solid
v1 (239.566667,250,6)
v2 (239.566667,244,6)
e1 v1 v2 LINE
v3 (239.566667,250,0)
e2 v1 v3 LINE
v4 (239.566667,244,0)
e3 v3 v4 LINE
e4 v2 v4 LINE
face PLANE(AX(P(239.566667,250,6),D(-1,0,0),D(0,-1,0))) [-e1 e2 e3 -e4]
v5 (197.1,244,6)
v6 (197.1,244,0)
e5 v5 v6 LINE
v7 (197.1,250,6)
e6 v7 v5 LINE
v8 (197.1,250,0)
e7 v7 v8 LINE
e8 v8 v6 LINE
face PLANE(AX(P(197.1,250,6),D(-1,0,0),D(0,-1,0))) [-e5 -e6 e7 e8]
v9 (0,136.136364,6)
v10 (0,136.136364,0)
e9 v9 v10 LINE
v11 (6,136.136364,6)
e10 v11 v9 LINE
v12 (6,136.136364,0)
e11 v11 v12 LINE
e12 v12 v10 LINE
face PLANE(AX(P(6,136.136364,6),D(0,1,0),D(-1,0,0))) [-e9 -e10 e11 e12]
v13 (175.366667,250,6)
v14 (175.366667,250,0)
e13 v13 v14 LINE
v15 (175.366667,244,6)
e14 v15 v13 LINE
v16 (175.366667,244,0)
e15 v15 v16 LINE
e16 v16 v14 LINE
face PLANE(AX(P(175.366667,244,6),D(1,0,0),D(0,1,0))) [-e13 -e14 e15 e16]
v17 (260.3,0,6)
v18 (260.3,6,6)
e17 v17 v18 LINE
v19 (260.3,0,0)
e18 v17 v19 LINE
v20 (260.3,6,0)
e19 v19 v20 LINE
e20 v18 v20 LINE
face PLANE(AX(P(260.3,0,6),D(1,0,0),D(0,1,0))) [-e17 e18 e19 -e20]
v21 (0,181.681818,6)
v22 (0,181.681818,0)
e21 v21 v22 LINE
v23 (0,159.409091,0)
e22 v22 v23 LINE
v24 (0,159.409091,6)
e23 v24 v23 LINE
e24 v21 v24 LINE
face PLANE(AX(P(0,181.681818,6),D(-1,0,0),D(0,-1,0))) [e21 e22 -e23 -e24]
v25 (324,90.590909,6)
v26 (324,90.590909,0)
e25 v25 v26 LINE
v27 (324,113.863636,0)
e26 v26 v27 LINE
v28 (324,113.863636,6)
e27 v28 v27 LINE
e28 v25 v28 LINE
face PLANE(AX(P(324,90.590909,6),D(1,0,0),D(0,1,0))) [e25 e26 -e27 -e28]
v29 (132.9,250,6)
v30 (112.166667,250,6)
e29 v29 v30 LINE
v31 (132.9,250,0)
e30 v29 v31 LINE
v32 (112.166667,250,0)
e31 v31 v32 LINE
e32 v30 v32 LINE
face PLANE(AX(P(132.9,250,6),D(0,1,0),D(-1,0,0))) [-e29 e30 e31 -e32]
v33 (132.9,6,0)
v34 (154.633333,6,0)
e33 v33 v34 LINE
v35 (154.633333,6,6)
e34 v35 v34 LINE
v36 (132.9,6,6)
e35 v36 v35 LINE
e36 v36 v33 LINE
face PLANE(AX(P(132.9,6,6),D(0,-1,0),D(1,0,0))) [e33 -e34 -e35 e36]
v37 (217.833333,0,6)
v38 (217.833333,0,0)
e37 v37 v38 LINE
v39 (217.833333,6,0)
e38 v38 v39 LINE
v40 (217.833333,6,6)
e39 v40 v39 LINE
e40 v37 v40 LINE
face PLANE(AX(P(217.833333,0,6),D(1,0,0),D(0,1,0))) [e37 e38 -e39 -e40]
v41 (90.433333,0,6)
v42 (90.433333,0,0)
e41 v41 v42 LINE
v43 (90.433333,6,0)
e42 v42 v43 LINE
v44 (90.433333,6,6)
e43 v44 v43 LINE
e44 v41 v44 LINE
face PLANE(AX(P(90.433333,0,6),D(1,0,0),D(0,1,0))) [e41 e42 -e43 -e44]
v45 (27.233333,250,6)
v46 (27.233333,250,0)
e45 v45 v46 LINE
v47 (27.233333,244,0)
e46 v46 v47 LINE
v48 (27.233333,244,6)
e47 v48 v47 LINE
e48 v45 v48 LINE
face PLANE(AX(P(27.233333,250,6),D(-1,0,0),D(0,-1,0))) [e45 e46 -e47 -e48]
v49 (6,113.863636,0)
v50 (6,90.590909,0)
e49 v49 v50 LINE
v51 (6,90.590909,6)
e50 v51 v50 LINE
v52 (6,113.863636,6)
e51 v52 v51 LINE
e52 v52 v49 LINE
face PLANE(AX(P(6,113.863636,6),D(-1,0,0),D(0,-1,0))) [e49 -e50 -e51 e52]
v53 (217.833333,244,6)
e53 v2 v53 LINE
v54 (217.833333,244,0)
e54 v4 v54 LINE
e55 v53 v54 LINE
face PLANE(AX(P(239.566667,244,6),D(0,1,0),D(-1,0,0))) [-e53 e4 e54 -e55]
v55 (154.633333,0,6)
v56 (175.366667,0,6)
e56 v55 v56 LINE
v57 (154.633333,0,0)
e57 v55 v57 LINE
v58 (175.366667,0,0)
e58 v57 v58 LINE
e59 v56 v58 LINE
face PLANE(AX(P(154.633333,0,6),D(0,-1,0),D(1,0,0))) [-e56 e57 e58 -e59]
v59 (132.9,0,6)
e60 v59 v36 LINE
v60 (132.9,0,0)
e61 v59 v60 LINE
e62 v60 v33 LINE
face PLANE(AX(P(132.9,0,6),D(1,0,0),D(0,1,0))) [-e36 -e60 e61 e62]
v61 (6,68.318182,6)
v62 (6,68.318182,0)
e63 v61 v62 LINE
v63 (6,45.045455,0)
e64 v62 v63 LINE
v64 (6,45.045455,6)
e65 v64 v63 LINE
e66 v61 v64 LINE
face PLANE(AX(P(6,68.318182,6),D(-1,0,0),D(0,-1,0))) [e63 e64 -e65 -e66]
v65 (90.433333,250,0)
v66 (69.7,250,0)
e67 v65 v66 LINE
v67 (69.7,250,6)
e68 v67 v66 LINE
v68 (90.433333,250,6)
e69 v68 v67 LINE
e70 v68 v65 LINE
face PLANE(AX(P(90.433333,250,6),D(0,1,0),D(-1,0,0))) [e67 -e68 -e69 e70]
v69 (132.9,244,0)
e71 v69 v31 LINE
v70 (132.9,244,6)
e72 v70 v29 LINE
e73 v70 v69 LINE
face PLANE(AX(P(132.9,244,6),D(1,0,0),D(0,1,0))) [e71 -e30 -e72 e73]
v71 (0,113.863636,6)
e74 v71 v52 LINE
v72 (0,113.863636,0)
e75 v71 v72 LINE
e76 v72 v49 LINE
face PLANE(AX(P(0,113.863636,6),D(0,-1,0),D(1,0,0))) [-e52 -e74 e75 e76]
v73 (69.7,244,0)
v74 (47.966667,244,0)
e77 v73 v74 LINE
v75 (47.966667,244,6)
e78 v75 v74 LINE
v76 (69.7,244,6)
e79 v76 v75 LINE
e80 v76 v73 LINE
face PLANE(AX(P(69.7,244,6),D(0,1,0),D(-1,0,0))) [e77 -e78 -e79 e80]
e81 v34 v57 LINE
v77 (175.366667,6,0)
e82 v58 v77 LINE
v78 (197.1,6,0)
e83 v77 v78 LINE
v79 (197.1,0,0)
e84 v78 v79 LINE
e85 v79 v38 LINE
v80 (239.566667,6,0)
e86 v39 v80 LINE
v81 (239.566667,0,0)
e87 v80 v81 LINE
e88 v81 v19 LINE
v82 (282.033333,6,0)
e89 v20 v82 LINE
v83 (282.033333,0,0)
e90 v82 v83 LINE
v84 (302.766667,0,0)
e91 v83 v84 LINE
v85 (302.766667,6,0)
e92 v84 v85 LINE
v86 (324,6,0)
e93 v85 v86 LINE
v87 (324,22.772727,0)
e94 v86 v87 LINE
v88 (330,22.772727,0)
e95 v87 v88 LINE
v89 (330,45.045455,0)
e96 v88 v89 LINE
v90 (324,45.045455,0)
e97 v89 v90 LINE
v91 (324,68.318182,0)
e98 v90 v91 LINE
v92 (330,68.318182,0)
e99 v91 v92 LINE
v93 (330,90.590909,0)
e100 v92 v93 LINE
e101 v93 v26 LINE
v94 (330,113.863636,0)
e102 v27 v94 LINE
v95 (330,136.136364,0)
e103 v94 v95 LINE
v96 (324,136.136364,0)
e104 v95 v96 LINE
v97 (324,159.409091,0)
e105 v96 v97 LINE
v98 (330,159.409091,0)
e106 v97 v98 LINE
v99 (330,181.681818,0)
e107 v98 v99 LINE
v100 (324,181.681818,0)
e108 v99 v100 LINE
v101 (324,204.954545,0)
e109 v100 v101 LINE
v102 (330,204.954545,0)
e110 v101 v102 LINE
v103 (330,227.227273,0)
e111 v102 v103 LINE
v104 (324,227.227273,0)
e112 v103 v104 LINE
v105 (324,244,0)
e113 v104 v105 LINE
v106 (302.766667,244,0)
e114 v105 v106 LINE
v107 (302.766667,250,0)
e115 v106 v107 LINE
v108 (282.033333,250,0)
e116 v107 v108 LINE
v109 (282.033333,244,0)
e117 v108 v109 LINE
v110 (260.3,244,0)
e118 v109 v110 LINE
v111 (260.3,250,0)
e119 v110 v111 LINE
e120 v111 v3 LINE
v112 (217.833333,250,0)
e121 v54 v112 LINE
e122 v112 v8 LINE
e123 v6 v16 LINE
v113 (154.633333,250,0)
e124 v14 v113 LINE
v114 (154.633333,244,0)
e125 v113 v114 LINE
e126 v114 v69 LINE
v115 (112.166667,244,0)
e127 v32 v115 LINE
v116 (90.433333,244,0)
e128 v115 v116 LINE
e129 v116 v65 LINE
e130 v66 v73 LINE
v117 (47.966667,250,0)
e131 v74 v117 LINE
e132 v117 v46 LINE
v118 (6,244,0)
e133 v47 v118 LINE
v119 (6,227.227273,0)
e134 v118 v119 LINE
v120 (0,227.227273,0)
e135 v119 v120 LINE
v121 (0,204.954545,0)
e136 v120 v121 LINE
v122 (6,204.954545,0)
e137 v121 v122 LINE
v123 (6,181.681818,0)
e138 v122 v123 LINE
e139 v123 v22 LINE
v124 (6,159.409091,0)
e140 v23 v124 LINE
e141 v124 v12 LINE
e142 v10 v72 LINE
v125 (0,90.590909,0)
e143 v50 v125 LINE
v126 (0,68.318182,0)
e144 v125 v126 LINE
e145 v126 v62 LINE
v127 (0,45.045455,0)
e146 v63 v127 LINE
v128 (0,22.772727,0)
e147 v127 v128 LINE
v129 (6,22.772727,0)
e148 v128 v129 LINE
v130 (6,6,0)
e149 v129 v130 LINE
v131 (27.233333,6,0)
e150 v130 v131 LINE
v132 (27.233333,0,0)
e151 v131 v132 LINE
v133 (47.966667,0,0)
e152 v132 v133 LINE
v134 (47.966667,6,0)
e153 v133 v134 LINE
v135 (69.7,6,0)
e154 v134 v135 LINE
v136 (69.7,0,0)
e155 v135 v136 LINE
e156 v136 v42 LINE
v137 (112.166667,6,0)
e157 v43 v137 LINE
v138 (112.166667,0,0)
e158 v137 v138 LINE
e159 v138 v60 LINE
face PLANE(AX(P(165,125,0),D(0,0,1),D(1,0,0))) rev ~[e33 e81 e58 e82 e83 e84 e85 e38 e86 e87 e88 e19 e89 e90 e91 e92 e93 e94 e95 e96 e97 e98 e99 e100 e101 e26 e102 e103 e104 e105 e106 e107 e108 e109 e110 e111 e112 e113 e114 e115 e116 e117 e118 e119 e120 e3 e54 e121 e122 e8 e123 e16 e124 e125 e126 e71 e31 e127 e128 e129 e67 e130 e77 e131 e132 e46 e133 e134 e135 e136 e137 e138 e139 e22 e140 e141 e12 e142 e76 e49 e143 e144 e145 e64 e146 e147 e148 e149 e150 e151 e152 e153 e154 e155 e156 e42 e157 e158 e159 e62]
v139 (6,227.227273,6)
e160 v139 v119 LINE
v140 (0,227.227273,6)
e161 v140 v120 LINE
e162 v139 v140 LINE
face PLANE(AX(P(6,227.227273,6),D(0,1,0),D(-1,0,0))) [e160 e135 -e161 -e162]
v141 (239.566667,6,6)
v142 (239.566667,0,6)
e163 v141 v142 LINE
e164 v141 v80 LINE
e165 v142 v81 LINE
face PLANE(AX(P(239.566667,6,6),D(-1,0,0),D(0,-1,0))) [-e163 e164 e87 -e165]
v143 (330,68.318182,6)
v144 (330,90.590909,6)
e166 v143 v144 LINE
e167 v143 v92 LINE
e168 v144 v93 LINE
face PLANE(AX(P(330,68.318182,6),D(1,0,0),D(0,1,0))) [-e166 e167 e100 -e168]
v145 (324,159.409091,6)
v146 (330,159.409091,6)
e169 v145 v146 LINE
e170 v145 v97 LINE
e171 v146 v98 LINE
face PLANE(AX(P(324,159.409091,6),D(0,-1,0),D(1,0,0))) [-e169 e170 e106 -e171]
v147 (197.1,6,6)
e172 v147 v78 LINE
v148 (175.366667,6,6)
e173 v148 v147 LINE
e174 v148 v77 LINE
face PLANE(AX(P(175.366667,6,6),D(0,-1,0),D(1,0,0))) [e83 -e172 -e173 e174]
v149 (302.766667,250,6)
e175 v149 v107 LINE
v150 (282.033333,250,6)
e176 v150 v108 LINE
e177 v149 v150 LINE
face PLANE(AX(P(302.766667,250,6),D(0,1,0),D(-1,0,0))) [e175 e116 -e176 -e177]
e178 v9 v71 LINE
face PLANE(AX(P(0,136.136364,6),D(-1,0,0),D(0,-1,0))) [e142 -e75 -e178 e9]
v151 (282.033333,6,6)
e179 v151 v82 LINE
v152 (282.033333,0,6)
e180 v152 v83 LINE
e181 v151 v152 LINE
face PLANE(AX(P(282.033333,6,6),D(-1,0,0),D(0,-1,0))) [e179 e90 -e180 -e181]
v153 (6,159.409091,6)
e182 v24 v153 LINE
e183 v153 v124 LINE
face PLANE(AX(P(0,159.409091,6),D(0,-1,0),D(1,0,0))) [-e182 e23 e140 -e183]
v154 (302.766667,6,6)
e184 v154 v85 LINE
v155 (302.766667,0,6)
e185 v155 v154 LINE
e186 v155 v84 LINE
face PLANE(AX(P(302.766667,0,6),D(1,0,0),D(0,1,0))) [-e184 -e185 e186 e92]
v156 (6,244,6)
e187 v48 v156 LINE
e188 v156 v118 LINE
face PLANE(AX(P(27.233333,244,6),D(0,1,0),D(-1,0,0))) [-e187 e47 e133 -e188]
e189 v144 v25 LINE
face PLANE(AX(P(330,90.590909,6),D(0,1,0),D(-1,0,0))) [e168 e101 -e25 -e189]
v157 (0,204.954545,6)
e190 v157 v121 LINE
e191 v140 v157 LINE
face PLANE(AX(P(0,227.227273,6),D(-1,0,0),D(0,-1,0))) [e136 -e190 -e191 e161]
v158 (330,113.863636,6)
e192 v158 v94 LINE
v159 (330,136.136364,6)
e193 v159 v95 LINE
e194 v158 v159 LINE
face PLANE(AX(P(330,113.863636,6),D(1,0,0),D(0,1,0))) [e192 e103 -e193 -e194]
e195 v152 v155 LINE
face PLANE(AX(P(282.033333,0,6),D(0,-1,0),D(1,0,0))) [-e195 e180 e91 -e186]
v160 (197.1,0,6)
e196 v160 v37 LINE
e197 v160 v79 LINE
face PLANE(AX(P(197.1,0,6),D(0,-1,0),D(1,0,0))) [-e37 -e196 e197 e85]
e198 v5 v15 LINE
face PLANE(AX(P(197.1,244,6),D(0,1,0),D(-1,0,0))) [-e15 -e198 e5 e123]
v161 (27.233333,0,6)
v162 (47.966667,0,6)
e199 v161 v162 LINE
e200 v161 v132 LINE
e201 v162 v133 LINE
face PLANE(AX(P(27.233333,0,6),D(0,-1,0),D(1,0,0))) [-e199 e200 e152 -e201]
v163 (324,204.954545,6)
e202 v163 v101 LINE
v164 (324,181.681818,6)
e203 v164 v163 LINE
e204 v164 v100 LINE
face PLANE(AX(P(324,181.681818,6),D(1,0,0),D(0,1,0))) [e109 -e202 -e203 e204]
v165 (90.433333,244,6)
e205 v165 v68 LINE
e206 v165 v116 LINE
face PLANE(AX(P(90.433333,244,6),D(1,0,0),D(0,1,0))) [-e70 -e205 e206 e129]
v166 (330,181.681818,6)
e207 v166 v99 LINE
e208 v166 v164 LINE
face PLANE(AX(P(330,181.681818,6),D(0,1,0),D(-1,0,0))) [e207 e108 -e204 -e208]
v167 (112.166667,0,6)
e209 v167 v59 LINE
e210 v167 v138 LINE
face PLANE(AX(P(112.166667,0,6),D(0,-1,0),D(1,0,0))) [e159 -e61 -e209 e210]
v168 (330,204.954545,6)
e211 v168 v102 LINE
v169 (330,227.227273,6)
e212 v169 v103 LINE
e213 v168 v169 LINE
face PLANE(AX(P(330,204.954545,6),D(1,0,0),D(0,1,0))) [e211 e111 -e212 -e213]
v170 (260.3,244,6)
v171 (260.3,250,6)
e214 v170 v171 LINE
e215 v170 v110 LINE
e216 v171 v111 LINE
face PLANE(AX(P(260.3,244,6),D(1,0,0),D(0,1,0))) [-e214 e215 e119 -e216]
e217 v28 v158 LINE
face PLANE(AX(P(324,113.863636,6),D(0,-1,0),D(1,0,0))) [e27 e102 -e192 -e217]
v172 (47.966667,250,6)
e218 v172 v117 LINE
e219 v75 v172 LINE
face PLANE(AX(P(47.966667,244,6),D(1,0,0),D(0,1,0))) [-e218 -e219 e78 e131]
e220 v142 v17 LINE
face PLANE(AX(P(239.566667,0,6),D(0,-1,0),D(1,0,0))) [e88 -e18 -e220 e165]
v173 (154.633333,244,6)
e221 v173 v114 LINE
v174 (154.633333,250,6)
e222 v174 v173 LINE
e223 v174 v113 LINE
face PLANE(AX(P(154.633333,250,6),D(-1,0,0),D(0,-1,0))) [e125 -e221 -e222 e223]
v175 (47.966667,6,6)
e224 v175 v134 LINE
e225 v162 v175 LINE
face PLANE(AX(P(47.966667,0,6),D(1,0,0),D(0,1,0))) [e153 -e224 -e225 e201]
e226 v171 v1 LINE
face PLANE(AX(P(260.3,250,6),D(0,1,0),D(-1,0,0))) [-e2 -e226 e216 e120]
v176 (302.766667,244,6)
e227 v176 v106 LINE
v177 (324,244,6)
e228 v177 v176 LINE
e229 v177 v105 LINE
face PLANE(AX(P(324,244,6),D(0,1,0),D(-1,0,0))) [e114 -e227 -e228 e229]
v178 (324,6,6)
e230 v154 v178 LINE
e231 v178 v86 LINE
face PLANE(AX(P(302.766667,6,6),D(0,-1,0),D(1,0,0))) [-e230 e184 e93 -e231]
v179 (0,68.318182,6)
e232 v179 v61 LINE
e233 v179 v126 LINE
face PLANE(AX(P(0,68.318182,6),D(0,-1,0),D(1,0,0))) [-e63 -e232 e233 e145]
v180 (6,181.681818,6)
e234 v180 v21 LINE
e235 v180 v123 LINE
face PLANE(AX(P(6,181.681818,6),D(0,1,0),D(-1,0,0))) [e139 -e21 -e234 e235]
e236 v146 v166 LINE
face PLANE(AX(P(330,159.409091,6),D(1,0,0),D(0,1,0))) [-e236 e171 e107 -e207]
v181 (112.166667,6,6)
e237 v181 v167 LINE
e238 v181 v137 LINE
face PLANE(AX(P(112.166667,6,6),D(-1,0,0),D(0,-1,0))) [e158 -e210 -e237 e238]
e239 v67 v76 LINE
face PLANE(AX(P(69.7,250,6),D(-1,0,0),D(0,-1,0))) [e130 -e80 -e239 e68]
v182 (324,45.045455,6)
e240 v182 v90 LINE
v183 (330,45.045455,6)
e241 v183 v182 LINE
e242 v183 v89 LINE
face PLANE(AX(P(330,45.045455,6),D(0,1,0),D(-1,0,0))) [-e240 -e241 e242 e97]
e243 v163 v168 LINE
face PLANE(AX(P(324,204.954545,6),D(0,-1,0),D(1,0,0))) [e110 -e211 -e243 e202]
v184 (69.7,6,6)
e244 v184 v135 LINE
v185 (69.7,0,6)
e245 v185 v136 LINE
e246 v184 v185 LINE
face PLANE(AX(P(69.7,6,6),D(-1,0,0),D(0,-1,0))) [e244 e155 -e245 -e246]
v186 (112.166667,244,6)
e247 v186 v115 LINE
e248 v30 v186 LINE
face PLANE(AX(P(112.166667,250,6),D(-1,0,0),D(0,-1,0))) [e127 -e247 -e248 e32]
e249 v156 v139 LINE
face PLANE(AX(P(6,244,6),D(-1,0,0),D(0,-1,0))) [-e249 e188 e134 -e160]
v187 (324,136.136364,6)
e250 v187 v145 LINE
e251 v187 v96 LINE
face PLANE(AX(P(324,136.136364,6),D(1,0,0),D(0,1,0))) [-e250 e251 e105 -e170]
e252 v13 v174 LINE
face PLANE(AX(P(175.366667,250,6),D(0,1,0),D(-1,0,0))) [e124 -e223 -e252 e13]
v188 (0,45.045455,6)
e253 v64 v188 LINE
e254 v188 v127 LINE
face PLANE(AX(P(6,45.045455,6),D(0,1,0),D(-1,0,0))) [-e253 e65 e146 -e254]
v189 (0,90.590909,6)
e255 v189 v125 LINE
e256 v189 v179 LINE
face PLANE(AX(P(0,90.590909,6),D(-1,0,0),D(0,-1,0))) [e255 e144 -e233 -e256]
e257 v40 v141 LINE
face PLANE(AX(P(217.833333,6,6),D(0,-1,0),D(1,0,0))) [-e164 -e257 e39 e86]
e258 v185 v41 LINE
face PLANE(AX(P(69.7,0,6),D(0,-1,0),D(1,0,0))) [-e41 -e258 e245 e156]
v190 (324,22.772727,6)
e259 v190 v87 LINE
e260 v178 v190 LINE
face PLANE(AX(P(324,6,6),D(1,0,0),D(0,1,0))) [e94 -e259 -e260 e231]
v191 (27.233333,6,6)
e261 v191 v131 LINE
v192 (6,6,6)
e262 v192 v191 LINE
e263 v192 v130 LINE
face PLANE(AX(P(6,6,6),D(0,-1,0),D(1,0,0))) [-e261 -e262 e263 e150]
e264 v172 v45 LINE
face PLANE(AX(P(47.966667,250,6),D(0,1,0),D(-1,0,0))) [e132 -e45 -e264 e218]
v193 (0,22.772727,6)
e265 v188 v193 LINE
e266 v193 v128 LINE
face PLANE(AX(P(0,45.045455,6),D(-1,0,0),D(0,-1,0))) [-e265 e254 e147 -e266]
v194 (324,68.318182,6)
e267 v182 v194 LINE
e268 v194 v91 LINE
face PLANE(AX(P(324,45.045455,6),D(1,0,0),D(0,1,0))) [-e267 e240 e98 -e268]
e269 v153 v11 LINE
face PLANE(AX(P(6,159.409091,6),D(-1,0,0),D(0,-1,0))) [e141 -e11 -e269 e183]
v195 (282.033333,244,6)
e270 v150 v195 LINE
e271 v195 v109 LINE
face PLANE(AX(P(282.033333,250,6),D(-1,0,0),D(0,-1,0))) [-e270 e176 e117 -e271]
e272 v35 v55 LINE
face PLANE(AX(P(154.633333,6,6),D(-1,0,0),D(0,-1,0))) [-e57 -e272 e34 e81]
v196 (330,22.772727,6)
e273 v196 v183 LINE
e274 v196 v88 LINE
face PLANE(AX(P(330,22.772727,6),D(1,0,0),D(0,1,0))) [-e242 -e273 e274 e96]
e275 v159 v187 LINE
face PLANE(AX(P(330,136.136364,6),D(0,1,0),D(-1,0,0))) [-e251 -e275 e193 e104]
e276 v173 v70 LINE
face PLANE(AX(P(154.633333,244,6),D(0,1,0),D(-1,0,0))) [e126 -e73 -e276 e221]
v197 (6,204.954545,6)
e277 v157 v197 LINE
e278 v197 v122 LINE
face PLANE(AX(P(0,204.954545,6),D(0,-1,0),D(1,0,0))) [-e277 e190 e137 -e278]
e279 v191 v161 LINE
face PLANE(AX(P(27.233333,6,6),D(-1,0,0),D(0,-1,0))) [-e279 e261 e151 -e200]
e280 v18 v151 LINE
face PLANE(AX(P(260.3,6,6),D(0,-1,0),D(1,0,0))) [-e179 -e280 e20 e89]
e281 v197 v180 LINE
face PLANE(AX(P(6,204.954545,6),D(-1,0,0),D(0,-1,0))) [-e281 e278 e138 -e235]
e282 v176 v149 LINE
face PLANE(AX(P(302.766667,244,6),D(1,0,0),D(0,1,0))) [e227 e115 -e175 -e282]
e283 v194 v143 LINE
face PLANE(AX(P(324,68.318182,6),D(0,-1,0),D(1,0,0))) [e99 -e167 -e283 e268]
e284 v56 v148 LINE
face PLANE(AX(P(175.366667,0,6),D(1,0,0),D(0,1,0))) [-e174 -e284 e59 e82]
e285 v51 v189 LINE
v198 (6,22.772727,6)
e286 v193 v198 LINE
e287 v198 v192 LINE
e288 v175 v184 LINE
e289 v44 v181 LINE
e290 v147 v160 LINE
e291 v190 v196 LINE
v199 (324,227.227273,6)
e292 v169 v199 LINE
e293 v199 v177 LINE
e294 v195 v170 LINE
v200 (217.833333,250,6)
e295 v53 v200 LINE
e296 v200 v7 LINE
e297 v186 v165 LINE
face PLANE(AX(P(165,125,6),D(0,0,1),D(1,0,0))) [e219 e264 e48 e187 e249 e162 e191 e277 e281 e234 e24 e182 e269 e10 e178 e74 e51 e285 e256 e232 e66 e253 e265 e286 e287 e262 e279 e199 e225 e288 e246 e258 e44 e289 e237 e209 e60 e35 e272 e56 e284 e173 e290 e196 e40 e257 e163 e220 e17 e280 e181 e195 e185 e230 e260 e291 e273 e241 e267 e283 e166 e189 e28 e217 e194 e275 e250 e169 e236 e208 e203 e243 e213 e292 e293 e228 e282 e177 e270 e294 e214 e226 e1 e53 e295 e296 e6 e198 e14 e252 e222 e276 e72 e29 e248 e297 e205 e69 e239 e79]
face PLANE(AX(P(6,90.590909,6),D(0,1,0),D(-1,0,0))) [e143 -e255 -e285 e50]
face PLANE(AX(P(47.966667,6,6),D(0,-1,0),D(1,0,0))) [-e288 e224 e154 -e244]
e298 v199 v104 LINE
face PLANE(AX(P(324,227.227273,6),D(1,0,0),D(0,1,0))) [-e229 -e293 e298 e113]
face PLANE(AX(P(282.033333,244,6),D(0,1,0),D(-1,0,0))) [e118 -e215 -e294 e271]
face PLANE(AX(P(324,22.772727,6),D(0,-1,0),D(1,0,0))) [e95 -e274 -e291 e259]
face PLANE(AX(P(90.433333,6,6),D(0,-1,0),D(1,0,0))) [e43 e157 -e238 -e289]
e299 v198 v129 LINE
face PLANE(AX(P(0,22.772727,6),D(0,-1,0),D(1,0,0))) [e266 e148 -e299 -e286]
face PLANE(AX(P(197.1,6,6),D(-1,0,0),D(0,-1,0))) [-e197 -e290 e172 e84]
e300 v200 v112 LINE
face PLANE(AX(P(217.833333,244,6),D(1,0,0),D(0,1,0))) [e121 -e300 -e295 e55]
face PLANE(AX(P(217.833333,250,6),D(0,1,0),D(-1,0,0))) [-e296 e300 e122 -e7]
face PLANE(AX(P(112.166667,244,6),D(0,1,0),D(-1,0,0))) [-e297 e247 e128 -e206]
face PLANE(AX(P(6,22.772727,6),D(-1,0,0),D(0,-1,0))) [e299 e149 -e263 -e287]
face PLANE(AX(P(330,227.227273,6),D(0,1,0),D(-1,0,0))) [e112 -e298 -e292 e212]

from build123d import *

# Parameters (mm, degrees)
BOSS_EXTRUDE1_DEPTH = 6


with BuildPart() as part:
    # Sketch1 → Boss-Extrude1 (new body)
    with BuildSketch(Plane.XY.offset(6)):
        Polygon((302.766666667, 244), (302.766666667, 250), (282.033333333, 250), (282.033333333, 244), (260.3, 244), (260.3, 250), (239.566666667, 250), (239.566666667, 244), (217.833333333, 244), (217.833333333, 250), (197.1, 250), (197.1, 244), (175.366666667, 244), (175.366666667, 250), (154.633333333, 250), (154.633333333, 244), (132.9, 244), (132.9, 250), (112.166666667, 250), (112.166666667, 244), (90.433333333, 244), (90.433333333, 250), (69.7, 250), (69.7, 244), (47.966666667, 244), (47.966666667, 250), (27.233333333, 250), (27.233333333, 244), (6, 244), (6, 227.227272727), (0, 227.227272727), (0, 204.954545455), (6, 204.954545455), (6, 181.681818182), (0, 181.681818182), (0, 159.409090909), (6, 159.409090909), (6, 136.136363636), (0, 136.136363636), (0, 113.863636364), (6, 113.863636364), (6, 90.590909091), (0, 90.590909091), (0, 68.318181818), (6, 68.318181818), (6, 45.045454545), (0, 45.045454545), (0, 22.772727273), (6, 22.772727273), (6, 6), (27.233333333, 6), (27.233333333, 0), (47.966666667, 0), (47.966666667, 6), (69.7, 6), (69.7, 0), (90.433333333, 0), (90.433333333, 6), (112.166666667, 6), (112.166666667, 0), (132.9, 0), (132.9, 6), (154.633333333, 6), (154.633333333, 0), (175.366666667, 0), (175.366666667, 6), (197.1, 6), (197.1, 0), (217.833333333, 0), (217.833333333, 6), (239.566666667, 6), (239.566666667, 0), (260.3, 0), (260.3, 6), (282.033333333, 6), (282.033333333, 0), (302.766666667, 0), (302.766666667, 6), (324, 6), (324, 22.772727273), (330, 22.772727273), (330, 45.045454545), (324, 45.045454545), (324, 68.318181818), (330, 68.318181818), (330, 90.590909091), (324, 90.590909091), (324, 113.863636364), (330, 113.863636364), (330, 136.136363636), (324, 136.136363636), (324, 159.409090909), (330, 159.409090909), (330, 181.681818182), (324, 181.681818182), (324, 204.954545455), (330, 204.954545455), (330, 227.227272727), (324, 227.227272727), (324, 244), align=None)
    extrude(amount=-BOSS_EXTRUDE1_DEPTH)


solid = part.part
